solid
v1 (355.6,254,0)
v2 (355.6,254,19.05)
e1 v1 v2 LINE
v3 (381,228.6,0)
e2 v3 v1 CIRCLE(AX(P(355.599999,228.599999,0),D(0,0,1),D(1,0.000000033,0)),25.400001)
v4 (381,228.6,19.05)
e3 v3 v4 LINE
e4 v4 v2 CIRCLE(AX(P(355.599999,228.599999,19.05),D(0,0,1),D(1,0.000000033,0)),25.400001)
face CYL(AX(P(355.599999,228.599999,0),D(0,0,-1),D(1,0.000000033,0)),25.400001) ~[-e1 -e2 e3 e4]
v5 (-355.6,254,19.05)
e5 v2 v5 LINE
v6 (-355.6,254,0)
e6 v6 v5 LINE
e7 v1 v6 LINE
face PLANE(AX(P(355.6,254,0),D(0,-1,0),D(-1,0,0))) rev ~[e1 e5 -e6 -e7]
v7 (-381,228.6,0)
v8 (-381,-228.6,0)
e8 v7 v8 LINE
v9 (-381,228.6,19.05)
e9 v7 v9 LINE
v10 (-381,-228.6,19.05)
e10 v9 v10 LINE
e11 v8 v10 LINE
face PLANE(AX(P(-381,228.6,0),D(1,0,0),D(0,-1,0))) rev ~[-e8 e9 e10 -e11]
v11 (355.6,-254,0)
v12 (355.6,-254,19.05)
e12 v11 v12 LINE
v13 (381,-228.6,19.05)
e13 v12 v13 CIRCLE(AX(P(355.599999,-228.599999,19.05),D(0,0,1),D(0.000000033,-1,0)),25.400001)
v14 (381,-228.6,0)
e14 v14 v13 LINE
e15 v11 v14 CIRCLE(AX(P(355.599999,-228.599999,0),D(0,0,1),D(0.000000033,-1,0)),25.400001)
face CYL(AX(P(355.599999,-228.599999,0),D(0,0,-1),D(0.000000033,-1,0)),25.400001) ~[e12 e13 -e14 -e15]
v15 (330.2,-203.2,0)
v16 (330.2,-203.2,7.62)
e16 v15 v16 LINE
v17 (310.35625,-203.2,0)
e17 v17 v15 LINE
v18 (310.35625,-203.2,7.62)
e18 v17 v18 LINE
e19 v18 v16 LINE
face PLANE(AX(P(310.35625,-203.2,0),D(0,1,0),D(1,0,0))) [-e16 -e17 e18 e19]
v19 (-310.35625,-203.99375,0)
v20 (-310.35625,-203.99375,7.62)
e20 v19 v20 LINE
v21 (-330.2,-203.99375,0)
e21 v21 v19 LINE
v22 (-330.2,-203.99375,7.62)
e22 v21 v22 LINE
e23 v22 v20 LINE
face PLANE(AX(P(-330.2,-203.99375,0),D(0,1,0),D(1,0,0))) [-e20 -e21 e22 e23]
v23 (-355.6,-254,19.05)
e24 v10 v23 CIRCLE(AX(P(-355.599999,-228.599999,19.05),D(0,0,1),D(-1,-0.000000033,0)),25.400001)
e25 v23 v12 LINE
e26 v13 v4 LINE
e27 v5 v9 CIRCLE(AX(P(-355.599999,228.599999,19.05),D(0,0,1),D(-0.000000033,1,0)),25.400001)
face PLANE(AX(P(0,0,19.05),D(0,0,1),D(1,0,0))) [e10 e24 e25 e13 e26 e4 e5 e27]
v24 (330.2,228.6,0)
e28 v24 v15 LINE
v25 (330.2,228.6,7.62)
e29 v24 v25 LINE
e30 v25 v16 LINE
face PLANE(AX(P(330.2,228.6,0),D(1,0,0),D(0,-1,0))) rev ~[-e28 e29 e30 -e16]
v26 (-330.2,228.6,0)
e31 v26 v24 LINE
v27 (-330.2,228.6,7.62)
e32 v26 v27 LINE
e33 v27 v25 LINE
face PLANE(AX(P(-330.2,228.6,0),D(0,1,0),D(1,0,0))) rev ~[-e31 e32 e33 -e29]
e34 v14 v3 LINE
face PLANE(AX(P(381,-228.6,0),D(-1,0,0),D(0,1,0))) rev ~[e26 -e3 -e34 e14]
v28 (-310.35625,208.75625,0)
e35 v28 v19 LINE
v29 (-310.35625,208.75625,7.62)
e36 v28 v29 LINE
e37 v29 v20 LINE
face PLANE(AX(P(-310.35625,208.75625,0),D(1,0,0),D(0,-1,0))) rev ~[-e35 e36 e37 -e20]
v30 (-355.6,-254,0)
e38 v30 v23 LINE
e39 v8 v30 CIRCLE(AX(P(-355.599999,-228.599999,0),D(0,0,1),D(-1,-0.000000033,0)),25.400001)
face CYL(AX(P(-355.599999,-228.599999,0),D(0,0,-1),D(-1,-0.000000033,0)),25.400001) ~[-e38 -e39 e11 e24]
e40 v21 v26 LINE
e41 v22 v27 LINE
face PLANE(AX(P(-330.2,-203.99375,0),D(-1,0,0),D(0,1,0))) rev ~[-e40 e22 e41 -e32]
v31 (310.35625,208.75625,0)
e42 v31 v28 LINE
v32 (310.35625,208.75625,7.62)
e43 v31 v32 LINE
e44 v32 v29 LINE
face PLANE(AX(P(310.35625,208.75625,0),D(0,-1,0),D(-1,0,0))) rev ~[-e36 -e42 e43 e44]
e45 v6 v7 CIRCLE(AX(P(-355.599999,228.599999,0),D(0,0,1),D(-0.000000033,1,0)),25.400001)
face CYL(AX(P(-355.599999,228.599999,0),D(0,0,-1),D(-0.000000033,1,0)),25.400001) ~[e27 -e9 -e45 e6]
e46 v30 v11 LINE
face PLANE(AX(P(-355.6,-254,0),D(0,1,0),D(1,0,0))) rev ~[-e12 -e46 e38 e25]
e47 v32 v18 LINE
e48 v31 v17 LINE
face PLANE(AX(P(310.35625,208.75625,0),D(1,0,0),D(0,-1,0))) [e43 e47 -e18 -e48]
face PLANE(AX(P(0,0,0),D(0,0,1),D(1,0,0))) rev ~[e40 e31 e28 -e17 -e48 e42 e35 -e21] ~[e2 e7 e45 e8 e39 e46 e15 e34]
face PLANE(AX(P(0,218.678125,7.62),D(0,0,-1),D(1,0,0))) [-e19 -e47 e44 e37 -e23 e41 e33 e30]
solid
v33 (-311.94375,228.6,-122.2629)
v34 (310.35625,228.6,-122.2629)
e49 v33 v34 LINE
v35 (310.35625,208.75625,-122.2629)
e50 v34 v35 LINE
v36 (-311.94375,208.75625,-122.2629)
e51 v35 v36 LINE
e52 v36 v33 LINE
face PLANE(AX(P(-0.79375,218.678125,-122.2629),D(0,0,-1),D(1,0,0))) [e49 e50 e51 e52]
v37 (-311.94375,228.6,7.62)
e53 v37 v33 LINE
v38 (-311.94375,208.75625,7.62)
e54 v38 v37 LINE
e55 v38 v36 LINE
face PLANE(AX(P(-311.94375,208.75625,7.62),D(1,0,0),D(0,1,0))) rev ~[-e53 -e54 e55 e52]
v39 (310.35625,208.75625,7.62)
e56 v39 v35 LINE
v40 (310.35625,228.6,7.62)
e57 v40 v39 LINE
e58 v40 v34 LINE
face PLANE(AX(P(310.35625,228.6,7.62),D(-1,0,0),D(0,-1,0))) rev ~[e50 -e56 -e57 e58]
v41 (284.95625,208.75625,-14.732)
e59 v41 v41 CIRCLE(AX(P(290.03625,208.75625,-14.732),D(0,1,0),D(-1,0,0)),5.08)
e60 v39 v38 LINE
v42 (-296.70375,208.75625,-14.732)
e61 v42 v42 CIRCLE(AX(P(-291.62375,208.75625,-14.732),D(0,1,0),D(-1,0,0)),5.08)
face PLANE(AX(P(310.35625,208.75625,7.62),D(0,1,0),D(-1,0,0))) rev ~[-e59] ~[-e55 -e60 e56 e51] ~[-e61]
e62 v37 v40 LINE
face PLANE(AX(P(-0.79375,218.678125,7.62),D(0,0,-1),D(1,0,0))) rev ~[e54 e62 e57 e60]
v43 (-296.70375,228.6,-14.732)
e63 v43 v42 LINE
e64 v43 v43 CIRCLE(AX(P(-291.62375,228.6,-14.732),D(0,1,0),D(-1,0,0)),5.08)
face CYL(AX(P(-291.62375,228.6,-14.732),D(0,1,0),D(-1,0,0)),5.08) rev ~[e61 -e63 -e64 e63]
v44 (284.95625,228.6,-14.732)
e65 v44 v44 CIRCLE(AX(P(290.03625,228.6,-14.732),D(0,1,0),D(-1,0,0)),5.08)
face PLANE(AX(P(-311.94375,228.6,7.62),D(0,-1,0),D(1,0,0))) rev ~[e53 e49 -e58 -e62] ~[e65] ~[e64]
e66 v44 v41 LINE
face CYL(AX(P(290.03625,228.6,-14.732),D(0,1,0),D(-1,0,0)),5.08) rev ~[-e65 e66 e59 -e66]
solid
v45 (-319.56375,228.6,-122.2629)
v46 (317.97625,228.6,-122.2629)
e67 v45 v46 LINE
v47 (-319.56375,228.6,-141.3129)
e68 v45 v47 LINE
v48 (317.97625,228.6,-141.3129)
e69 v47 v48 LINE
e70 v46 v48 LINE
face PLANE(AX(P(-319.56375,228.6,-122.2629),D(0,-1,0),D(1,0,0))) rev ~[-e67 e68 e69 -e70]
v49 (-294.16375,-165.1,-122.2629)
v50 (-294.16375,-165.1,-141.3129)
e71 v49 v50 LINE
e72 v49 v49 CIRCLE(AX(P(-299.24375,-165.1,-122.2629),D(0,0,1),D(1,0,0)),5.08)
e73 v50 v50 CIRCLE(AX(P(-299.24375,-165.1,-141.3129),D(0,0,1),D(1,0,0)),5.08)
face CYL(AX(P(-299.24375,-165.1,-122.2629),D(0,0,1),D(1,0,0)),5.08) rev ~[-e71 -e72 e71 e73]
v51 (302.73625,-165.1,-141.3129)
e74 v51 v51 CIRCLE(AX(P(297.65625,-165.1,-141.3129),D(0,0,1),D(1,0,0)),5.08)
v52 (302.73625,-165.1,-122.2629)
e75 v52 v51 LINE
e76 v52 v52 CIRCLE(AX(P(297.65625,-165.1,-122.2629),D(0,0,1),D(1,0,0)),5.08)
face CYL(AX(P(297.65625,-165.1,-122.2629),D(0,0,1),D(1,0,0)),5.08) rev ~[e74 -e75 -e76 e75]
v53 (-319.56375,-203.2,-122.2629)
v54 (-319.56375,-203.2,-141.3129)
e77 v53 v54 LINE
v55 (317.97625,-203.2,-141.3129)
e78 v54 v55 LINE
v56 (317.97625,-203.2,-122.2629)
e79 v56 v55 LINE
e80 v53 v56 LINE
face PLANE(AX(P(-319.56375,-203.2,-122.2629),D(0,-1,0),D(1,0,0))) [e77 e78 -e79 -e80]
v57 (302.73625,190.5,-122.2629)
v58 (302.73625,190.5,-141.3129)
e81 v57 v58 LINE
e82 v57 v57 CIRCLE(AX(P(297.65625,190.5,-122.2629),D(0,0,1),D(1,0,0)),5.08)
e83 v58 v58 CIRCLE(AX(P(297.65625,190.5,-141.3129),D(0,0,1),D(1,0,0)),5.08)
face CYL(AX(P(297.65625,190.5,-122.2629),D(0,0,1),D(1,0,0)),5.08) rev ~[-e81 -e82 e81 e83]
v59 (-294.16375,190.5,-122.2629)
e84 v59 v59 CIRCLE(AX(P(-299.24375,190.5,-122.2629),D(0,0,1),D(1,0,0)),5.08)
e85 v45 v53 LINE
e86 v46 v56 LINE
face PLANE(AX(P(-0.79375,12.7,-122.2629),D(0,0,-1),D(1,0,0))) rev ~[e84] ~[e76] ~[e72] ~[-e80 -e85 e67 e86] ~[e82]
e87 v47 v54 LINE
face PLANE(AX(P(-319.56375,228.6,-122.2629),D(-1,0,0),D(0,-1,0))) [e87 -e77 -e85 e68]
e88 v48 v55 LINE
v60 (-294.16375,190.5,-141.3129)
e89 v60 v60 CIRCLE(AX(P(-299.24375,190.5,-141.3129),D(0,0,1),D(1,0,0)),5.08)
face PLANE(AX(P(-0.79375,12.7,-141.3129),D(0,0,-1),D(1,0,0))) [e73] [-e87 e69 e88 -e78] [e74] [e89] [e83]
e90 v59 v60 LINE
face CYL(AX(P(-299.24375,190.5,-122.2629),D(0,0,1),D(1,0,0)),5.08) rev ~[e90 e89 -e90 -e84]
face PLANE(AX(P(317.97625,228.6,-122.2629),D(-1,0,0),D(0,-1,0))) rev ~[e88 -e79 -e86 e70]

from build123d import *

# Parameters (mm, degrees)
F1_DEPTH  = 19.05
F2_W      = 19.84375
F2_H      = 411.95625
F2_H_2    = 412.75
F3_DEPTH  = 7.62
F5_DEPTH  = 129.8829
F6_W      = 637.54
F6_H      = 431.8
F7_DEPTH  = 19.05
F8_R      = 5.08
F9_DEPTH  = 25.4
F10_R     = 5.08
F11_DEPTH = 25.4


with BuildPart() as f1:
    # F0 (on Top) → F1 (new body)
    with BuildSketch(Plane.XY):
        with BuildLine():
            Line((355.6, 254), (-355.6, 254))
            ThreePointArc((-355.6, 254), (-373.560512, 246.560512), (-381, 228.6))
            Line((-381, 228.6), (-381, -228.6))
            ThreePointArc((-381, -228.6), (-373.560512, -246.560512), (-355.6, -254))
            Line((-355.6, -254), (355.6, -254))
            ThreePointArc((355.6, -254), (373.560512, -246.560512), (381, -228.6))
            Line((381, -228.6), (381, 228.6))
            ThreePointArc((381, 228.6), (373.560512, 246.560512), (355.6, 254))
        make_face()
    extrude(amount=F1_DEPTH)

    # F2 (on face) → F3 (cut)
    with BuildSketch(Plane(origin=(0, 0, 0), x_dir=(1, 0, 0), z_dir=(0, 0, -1))):
        Polygon((-330.2, -228.6), (330.2, -228.6), (330.2, -208.75625), (310.35625, -208.75625), (-310.35625, -208.75625), (-330.2, -208.75625), align=None)
        with Locations((320.278125, -2.778125)):
            Rectangle(F2_W, F2_H)
        with Locations((-320.278125, -2.38125)):
            Rectangle(F2_W, F2_H_2)
    extrude(amount=-F3_DEPTH, mode=Mode.SUBTRACT)


with BuildPart() as f5:
    # F4 (on face) → F5 (new body)
    with BuildSketch(Plane(origin=(0, 0, 7.62), x_dir=(1, 0, 0), z_dir=(0, 0, -1))):
        Polygon((310.35625, -228.6), (310.35625, -208.75625), (-310.35625, -208.75625), (-311.94375, -208.75625), (-311.94375, -228.6), align=None)
    extrude(amount=F5_DEPTH)

    # F8 (on face) → F9 (cut)
    with BuildSketch(Plane(origin=(0, 228.6, 0), x_dir=(-1, 0, 0), z_dir=(0, 1, 0))):
        with Locations((-290.03625, -14.732)):
            Circle(F8_R)
        with Locations((291.62375, -14.732)):
            Circle(F8_R)
    extrude(amount=-F9_DEPTH, mode=Mode.SUBTRACT)


with BuildPart() as f7:
    # F6 (on face) → F7 (new body)
    with BuildSketch(Plane(origin=(0, 0, -122.2629), x_dir=(1, 0, 0), z_dir=(0, 0, -1))):
        with Locations((-0.79375, -12.7)):
            Rectangle(F6_W, F6_H)
    extrude(amount=F7_DEPTH)

    # F10 (on face) → F11 (cut)
    with BuildSketch(Plane.XY.offset(-122.2629)):
        with Locations((-299.24375, 190.5)):
            Circle(F10_R)
        with Locations((297.65625, 190.5)):
            Circle(F10_R)
        with Locations((297.65625, -165.1)):
            Circle(F10_R)
        with Locations((-299.24375, -165.1)):
            Circle(F10_R)
    extrude(amount=-F11_DEPTH, mode=Mode.SUBTRACT)


solid = Compound([f1.part, f5.part, f7.part])
